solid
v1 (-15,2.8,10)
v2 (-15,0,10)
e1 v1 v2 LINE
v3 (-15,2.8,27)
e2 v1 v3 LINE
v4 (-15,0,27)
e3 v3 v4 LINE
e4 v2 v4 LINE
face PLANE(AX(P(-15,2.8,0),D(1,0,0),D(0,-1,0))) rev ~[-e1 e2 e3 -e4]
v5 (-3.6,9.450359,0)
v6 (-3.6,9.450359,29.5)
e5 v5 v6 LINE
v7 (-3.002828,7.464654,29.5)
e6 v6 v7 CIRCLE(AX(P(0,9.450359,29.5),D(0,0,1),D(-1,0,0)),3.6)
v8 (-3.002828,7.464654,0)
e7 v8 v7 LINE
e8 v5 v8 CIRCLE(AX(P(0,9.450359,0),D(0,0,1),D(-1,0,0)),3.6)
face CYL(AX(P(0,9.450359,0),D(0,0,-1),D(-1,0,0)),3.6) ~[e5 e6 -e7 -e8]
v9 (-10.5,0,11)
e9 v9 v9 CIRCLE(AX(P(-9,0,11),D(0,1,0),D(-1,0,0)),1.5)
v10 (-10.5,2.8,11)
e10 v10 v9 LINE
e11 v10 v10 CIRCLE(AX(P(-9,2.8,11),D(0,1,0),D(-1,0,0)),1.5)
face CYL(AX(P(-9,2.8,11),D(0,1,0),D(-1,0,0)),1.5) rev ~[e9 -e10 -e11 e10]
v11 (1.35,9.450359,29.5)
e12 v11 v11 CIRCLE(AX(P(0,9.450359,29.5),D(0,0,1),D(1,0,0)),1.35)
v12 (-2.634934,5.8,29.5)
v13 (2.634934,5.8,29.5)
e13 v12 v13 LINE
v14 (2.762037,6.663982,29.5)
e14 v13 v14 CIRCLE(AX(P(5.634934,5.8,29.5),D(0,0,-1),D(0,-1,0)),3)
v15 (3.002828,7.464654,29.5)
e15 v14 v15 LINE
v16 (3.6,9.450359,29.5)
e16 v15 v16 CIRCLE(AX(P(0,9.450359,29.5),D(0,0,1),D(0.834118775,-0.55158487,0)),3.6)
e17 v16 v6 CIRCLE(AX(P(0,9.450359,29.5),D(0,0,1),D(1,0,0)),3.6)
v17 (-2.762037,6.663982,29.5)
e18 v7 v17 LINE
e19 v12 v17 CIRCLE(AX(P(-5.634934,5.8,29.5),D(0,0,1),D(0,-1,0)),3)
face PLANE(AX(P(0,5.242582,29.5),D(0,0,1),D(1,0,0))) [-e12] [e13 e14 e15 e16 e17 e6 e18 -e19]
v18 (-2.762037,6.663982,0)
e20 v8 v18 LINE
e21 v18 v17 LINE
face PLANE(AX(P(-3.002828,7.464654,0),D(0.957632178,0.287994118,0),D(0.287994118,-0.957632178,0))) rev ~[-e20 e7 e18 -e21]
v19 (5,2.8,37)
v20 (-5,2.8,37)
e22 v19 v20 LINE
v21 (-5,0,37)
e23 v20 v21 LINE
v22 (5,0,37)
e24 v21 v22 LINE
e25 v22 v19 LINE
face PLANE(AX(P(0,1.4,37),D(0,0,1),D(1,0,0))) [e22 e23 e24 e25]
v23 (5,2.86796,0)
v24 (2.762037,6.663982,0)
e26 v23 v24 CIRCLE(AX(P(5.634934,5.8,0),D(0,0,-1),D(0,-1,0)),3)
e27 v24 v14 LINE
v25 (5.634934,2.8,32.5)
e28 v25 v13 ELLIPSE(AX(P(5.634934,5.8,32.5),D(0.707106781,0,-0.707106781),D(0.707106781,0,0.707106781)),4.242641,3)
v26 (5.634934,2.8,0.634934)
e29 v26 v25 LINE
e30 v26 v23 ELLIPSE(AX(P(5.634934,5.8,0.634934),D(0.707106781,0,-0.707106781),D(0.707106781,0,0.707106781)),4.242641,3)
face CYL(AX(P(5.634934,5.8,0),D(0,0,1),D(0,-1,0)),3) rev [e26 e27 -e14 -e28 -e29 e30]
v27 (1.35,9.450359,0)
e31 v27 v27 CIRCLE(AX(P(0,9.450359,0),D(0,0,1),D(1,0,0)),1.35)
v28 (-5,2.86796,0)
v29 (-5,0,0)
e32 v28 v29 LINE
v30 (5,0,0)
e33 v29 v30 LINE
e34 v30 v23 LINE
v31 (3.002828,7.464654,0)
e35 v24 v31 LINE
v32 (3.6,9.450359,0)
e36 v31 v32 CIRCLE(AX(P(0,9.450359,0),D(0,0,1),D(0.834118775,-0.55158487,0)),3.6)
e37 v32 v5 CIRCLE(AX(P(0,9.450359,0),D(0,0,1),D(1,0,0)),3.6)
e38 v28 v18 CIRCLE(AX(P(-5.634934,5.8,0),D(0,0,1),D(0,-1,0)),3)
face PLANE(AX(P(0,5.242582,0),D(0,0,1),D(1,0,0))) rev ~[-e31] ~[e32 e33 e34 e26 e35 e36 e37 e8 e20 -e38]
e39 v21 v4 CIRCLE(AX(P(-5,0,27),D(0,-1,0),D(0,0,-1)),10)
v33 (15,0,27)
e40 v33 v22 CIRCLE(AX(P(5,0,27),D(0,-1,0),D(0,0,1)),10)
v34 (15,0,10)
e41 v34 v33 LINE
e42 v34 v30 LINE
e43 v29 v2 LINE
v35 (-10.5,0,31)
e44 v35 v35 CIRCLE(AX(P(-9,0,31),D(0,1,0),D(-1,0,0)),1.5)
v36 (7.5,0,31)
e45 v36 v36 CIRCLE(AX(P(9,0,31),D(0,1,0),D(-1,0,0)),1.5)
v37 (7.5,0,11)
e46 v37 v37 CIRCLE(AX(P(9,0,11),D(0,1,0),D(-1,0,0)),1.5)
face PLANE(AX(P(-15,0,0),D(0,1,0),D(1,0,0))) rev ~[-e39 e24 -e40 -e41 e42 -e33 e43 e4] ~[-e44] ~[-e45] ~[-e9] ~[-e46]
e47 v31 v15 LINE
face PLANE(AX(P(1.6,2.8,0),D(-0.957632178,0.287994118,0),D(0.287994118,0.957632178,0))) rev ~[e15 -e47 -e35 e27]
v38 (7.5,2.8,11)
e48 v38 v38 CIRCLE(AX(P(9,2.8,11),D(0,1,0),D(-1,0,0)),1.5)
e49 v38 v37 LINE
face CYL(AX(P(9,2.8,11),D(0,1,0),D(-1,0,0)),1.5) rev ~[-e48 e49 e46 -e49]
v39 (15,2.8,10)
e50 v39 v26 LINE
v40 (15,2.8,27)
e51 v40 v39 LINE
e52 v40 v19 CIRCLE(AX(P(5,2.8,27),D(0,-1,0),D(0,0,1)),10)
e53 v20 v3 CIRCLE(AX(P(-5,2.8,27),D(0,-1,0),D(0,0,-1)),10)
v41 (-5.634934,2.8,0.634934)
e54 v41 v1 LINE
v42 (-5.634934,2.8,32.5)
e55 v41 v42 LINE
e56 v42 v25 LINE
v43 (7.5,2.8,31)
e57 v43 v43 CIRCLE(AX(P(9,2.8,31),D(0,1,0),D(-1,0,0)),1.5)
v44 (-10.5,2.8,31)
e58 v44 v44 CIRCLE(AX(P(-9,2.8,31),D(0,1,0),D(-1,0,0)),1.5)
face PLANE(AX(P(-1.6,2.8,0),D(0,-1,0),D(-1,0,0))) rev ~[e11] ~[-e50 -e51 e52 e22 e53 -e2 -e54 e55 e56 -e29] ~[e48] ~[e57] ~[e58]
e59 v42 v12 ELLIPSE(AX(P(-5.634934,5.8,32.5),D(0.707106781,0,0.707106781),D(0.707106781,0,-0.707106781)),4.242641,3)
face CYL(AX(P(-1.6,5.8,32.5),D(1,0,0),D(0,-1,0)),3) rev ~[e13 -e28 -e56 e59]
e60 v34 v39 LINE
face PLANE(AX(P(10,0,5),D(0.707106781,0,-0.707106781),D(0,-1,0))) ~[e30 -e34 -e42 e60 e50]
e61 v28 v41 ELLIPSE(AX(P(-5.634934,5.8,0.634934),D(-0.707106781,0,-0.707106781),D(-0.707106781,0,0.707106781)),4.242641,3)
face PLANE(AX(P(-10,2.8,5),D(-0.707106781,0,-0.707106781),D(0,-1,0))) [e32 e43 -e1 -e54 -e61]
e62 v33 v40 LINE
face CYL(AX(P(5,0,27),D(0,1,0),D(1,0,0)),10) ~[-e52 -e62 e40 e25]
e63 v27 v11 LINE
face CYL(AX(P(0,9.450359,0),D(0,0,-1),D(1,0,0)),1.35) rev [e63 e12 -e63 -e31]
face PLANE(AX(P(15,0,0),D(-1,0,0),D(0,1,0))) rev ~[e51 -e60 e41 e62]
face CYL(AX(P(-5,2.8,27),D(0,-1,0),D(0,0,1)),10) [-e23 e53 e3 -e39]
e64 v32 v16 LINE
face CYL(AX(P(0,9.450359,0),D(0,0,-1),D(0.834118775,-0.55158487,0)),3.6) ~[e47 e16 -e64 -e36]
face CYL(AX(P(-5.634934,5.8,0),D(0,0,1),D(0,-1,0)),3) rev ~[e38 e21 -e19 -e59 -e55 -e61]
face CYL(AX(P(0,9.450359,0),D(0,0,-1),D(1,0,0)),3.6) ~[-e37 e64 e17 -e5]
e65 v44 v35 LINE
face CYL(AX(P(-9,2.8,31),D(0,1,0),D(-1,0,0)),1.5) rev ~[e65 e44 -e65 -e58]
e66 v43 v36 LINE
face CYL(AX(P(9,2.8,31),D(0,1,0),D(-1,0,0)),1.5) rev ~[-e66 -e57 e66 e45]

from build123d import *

# Parameters (mm, degrees)
F0_R     = 1.35
F1_DEPTH = 29.5
F2_DEPTH = 37
F3_R     = 3
F4_R     = 10
F5_SIZE  = 10
F6_R     = 1.5
F7_DEPTH = 25


with BuildPart() as f1:
    # F0 (on Top) → F1 (new body)
    with BuildSketch(Plane.XY):
        with BuildLine():
            Line((-1.6, 2.8), (1.6, 2.8))
            Line((1.6, 2.8), (3.0028275917, 7.4646537393))
            ThreePointArc((3.0028275917, 7.4646537393), (0, 5.85035927), (-3.0028275917, 7.4646537393))
            Line((-3.0028275917, 7.4646537393), (-1.6, 2.8))
        make_face()
        with BuildLine():
            ThreePointArc((-3.0028275917, 7.4646537393), (0, 5.85035927), (3.0028275917, 7.4646537393))
            Line((3.0028275917, 7.4646537393), (3.6, 9.45035927))
            ThreePointArc((3.6, 9.45035927), (0, 13.05035927), (-3.6, 9.45035927))
            Line((-3.6, 9.45035927), (-3.0028275917, 7.4646537393))
        make_face()
        with Locations((0, 9.45035927)):
            Circle(F0_R, mode=Mode.SUBTRACT)
        Polygon((-15, 0), (15, 0), (15, 2.8), (1.6, 2.8), (-1.6, 2.8), (-15, 2.8), align=None)
        with BuildLine():
            ThreePointArc((-3.6, 9.45035927), (-3.4474758397, 8.4135804435), (-3.0028275917, 7.4646537393))
            Line((-3.0028275917, 7.4646537393), (-3.6, 9.45035927))
        make_face()
        with BuildLine():
            Line((3.6, 9.45035927), (3.0028275917, 7.4646537393))
            ThreePointArc((3.0028275917, 7.4646537393), (3.4474758397, 8.4135804435), (3.6, 9.45035927))
        make_face()
    extrude(amount=F1_DEPTH)

    # F0 (on Top) → F2 (join)
    with BuildSketch(Plane.XY):
        Polygon((-15, 0), (15, 0), (15, 2.8), (1.6, 2.8), (-1.6, 2.8), (-15, 2.8), align=None)
    extrude(amount=F2_DEPTH)

    # F3
    f3_edges = [f1.edges().sort_by_distance(p)[0] for p in [
        (-1.6, 2.8, 14.75),
        (1.6, 2.8, 14.75),
        (0, 2.8, 29.5),
    ]]
    fillet(f3_edges, radius=F3_R)

    # F4
    f4_edges = [f1.edges().sort_by_distance(p)[0] for p in [
        (-15, 1.4, 37),
        (15, 1.4, 37),
    ]]
    fillet(f4_edges, radius=F4_R)

    # F5
    f5_edges = [f1.edges().sort_by_distance(p)[0] for p in [
        (15, 1.4, 0),
        (-15, 1.4, 0),
    ]]
    chamfer(f5_edges, length=F5_SIZE)

    # F6 (on face) → F7 (cut)
    with BuildSketch(Plane(origin=(0, 2.8, 0), x_dir=(-1, 0, 0), z_dir=(0, 1, 0))):
        with Locations((-9, 31)):
            Circle(F6_R)
        with Locations((9, 31)):
            Circle(F6_R)
        with Locations((-9, 11)):
            Circle(F6_R)
        with Locations((9, 11)):
            Circle(F6_R)
    extrude(amount=-F7_DEPTH, mode=Mode.SUBTRACT)


solid = f1.part
